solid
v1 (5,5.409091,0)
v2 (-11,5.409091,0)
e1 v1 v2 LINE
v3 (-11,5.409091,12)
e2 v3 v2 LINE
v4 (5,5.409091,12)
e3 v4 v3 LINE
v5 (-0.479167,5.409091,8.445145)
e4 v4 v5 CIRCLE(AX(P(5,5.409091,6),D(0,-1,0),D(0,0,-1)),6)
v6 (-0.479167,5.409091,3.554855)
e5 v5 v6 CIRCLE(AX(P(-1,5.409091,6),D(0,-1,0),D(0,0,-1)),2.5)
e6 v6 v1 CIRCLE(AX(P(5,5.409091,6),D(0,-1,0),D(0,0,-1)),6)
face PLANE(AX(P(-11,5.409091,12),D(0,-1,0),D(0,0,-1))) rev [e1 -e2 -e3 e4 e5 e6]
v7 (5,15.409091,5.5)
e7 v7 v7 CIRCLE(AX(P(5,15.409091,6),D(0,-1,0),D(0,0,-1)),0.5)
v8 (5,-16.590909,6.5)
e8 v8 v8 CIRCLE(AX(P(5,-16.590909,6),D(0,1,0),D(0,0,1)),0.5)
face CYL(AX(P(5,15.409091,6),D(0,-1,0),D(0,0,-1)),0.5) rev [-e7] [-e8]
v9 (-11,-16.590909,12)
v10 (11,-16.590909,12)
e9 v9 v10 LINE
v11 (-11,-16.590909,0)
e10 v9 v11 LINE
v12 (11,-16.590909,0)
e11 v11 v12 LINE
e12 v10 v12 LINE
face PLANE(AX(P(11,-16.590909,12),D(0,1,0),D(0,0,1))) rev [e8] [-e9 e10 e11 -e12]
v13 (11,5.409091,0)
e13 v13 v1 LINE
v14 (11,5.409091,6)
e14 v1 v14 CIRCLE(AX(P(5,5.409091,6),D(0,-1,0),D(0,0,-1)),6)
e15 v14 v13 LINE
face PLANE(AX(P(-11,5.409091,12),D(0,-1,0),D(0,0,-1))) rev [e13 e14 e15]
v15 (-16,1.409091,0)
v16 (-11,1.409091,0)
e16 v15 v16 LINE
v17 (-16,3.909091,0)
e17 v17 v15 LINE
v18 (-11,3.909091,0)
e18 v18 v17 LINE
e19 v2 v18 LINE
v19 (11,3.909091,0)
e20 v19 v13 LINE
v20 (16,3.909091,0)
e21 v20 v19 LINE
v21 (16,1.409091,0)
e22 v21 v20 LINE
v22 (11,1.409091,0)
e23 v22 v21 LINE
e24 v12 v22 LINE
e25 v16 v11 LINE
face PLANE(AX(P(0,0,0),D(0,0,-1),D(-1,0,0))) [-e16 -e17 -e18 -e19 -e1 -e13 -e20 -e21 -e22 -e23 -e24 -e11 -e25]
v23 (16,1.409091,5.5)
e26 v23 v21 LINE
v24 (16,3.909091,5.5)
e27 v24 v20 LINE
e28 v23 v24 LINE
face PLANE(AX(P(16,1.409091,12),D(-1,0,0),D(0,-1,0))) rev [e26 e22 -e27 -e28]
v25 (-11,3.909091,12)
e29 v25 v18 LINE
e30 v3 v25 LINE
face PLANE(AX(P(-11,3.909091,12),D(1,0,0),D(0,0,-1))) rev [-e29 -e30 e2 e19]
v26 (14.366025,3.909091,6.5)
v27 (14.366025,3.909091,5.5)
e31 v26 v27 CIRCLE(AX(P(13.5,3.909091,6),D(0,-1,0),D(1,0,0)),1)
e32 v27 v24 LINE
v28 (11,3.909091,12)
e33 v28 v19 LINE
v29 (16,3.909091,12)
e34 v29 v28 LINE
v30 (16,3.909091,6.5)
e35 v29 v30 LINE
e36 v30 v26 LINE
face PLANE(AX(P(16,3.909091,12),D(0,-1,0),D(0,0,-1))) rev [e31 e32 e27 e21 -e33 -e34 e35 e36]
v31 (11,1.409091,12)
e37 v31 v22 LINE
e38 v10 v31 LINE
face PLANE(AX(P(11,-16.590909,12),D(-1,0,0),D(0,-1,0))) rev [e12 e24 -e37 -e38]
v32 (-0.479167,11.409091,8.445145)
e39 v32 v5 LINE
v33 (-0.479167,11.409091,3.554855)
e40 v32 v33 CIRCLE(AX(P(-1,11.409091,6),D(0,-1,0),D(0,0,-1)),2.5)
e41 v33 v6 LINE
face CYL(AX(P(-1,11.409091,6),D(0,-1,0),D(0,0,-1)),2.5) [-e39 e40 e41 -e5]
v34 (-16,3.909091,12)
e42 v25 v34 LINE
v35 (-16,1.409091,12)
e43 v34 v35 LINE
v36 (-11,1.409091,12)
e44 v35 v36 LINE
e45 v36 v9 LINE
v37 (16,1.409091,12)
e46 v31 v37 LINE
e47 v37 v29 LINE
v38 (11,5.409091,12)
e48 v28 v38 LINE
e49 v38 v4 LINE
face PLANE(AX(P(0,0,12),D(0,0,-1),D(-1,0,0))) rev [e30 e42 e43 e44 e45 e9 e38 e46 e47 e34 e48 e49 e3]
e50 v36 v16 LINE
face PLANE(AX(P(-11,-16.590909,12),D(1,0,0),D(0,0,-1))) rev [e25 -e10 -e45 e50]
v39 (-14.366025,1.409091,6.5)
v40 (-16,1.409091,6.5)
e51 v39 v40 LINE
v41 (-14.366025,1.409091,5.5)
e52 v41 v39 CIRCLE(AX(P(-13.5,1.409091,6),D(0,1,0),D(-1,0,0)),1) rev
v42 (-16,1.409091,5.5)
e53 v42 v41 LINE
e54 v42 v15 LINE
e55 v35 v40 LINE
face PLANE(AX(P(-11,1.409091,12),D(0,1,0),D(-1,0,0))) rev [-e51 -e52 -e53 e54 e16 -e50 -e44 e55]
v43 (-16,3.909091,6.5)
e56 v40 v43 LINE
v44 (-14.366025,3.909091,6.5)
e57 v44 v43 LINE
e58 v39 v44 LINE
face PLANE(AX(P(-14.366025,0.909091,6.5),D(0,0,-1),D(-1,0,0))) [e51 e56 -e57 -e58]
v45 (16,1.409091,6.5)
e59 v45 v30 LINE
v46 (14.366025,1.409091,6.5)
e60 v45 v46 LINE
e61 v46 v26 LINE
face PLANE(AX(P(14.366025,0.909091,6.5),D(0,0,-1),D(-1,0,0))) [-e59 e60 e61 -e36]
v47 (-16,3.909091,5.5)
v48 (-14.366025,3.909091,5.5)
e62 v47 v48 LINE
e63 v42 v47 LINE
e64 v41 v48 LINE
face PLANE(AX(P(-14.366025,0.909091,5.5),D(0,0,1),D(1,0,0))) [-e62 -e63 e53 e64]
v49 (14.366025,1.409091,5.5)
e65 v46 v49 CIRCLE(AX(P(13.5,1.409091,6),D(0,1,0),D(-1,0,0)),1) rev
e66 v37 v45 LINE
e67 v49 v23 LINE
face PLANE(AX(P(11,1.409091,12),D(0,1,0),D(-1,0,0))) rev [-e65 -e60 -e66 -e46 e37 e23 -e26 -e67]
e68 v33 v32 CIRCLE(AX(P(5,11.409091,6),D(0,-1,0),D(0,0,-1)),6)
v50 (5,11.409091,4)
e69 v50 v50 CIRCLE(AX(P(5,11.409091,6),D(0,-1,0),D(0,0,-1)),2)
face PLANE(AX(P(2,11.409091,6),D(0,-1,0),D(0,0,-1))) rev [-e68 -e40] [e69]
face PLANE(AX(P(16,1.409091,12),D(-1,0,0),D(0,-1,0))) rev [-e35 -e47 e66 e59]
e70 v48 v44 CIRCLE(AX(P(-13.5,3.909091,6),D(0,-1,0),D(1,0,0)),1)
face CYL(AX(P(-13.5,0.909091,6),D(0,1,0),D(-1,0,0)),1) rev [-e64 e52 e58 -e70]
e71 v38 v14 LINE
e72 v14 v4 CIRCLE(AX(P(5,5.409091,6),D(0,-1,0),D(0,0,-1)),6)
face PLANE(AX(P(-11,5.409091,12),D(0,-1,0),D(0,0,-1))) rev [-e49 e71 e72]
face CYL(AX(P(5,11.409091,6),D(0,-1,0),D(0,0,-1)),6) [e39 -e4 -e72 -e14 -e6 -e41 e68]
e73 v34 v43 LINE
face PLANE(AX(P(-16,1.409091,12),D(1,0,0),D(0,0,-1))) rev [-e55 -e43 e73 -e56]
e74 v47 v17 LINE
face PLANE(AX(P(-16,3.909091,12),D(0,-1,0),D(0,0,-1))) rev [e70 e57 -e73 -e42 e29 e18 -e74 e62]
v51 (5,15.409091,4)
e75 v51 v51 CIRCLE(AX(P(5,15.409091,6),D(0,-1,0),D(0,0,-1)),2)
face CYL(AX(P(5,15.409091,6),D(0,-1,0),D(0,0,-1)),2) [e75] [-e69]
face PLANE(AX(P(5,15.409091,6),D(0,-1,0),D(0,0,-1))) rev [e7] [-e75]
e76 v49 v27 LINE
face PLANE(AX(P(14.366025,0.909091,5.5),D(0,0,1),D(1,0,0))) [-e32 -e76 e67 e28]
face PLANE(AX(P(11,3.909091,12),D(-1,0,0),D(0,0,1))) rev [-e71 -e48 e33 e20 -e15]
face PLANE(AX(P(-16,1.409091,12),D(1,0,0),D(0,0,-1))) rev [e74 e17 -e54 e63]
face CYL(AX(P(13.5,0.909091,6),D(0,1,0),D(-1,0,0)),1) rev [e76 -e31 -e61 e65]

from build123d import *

# Parameters (mm, degrees)
EXTRUDE_5_DEPTH     = 12
EXTRUDE_6_DEPTH     = 6
SKETCH_11_R         = 2
SKETCH_11_R_2       = 0.5
EXTRUDE_7_DEPTH     = 4
CUT_EXTRUDE_4_DEPTH = 3
SKETCH_15_R         = 0.5
CUT_EXTRUDE_5_DEPTH = 38.735924528


with BuildPart() as part:
    # 草图9 → 凸台-拉伸5 (new body)
    with BuildSketch(Plane.XY):
        Polygon((11, -16.590909091), (-11, -16.590909091), (-11, 1.409090909), (-16, 1.409090909), (-16, 3.909090909), (-11, 3.909090909), (-11, 5.409090909), (11, 5.409090909), (11, 3.909090909), (16, 3.909090909), (16, 1.409090909), (11, 1.409090909), align=None)
    extrude(amount=EXTRUDE_5_DEPTH)

    # 草图10 → 凸台-拉伸6 (add)
    with BuildSketch(Plane(origin=(0, 5.409090909, 0), x_dir=(-1, 0, 0), z_dir=(0, -1, 0))):
        with BuildLine():
            ThreePointArc((0.479166667, -3.554855293), (-11, -6), (0.479166667, -8.445144707))
            ThreePointArc((0.479166667, -8.445144707), (3.5, -6), (0.479166667, -3.554855293))
        make_face()
    extrude(amount=-EXTRUDE_6_DEPTH)

    # 草图11 → 凸台-拉伸7 (add)
    with BuildSketch(Plane(origin=(0, 11.409090909, 0), x_dir=(-1, 0, 0), z_dir=(0, -1, 0))):
        with Locations(Location((-5, -6, 0), (0, 0, 90))):
            Circle(SKETCH_11_R)
        with Locations(Location((-5, -6, 0), (0, 0, 90))):
            Circle(SKETCH_11_R_2, mode=Mode.SUBTRACT)
    extrude(amount=-EXTRUDE_7_DEPTH)

    # 草图13 → 切除-拉伸4 (cut)
    with BuildSketch(Plane(origin=(0, 3.909090909, 0), x_dir=(-1, 0, 0), z_dir=(0, -1, 0))):
        with BuildLine():
            Line((-14.366025404, -6.5), (-16, -6.5))
            Line((-16, -6.5), (-16, -5.5))
            Line((-16, -5.5), (-14.366025404, -5.5))
            ThreePointArc((-14.366025404, -5.5), (-12.5, -6), (-14.366025404, -6.5))
        make_face()
        with BuildLine():
            Line((14.366025404, -5.5), (16, -5.5))
            Line((16, -5.5), (16, -6.5))
            Line((16, -6.5), (14.366025404, -6.5))
            ThreePointArc((14.366025404, -6.5), (12.5, -6), (14.366025404, -5.5))
        make_face()
    extrude(amount=CUT_EXTRUDE_4_DEPTH, mode=Mode.SUBTRACT)

    # 草图15 → 切除-拉伸5 (cut, through all)
    with BuildSketch(Plane(origin=(0, 15.409090909, 0), x_dir=(1, 0, 0), z_dir=(0, 1, 0))):
        with Locations(Location((5, -6, 0), (0, 0, 90))):
            Circle(SKETCH_15_R)
    extrude(amount=-CUT_EXTRUDE_5_DEPTH, mode=Mode.SUBTRACT)


solid = part.part
